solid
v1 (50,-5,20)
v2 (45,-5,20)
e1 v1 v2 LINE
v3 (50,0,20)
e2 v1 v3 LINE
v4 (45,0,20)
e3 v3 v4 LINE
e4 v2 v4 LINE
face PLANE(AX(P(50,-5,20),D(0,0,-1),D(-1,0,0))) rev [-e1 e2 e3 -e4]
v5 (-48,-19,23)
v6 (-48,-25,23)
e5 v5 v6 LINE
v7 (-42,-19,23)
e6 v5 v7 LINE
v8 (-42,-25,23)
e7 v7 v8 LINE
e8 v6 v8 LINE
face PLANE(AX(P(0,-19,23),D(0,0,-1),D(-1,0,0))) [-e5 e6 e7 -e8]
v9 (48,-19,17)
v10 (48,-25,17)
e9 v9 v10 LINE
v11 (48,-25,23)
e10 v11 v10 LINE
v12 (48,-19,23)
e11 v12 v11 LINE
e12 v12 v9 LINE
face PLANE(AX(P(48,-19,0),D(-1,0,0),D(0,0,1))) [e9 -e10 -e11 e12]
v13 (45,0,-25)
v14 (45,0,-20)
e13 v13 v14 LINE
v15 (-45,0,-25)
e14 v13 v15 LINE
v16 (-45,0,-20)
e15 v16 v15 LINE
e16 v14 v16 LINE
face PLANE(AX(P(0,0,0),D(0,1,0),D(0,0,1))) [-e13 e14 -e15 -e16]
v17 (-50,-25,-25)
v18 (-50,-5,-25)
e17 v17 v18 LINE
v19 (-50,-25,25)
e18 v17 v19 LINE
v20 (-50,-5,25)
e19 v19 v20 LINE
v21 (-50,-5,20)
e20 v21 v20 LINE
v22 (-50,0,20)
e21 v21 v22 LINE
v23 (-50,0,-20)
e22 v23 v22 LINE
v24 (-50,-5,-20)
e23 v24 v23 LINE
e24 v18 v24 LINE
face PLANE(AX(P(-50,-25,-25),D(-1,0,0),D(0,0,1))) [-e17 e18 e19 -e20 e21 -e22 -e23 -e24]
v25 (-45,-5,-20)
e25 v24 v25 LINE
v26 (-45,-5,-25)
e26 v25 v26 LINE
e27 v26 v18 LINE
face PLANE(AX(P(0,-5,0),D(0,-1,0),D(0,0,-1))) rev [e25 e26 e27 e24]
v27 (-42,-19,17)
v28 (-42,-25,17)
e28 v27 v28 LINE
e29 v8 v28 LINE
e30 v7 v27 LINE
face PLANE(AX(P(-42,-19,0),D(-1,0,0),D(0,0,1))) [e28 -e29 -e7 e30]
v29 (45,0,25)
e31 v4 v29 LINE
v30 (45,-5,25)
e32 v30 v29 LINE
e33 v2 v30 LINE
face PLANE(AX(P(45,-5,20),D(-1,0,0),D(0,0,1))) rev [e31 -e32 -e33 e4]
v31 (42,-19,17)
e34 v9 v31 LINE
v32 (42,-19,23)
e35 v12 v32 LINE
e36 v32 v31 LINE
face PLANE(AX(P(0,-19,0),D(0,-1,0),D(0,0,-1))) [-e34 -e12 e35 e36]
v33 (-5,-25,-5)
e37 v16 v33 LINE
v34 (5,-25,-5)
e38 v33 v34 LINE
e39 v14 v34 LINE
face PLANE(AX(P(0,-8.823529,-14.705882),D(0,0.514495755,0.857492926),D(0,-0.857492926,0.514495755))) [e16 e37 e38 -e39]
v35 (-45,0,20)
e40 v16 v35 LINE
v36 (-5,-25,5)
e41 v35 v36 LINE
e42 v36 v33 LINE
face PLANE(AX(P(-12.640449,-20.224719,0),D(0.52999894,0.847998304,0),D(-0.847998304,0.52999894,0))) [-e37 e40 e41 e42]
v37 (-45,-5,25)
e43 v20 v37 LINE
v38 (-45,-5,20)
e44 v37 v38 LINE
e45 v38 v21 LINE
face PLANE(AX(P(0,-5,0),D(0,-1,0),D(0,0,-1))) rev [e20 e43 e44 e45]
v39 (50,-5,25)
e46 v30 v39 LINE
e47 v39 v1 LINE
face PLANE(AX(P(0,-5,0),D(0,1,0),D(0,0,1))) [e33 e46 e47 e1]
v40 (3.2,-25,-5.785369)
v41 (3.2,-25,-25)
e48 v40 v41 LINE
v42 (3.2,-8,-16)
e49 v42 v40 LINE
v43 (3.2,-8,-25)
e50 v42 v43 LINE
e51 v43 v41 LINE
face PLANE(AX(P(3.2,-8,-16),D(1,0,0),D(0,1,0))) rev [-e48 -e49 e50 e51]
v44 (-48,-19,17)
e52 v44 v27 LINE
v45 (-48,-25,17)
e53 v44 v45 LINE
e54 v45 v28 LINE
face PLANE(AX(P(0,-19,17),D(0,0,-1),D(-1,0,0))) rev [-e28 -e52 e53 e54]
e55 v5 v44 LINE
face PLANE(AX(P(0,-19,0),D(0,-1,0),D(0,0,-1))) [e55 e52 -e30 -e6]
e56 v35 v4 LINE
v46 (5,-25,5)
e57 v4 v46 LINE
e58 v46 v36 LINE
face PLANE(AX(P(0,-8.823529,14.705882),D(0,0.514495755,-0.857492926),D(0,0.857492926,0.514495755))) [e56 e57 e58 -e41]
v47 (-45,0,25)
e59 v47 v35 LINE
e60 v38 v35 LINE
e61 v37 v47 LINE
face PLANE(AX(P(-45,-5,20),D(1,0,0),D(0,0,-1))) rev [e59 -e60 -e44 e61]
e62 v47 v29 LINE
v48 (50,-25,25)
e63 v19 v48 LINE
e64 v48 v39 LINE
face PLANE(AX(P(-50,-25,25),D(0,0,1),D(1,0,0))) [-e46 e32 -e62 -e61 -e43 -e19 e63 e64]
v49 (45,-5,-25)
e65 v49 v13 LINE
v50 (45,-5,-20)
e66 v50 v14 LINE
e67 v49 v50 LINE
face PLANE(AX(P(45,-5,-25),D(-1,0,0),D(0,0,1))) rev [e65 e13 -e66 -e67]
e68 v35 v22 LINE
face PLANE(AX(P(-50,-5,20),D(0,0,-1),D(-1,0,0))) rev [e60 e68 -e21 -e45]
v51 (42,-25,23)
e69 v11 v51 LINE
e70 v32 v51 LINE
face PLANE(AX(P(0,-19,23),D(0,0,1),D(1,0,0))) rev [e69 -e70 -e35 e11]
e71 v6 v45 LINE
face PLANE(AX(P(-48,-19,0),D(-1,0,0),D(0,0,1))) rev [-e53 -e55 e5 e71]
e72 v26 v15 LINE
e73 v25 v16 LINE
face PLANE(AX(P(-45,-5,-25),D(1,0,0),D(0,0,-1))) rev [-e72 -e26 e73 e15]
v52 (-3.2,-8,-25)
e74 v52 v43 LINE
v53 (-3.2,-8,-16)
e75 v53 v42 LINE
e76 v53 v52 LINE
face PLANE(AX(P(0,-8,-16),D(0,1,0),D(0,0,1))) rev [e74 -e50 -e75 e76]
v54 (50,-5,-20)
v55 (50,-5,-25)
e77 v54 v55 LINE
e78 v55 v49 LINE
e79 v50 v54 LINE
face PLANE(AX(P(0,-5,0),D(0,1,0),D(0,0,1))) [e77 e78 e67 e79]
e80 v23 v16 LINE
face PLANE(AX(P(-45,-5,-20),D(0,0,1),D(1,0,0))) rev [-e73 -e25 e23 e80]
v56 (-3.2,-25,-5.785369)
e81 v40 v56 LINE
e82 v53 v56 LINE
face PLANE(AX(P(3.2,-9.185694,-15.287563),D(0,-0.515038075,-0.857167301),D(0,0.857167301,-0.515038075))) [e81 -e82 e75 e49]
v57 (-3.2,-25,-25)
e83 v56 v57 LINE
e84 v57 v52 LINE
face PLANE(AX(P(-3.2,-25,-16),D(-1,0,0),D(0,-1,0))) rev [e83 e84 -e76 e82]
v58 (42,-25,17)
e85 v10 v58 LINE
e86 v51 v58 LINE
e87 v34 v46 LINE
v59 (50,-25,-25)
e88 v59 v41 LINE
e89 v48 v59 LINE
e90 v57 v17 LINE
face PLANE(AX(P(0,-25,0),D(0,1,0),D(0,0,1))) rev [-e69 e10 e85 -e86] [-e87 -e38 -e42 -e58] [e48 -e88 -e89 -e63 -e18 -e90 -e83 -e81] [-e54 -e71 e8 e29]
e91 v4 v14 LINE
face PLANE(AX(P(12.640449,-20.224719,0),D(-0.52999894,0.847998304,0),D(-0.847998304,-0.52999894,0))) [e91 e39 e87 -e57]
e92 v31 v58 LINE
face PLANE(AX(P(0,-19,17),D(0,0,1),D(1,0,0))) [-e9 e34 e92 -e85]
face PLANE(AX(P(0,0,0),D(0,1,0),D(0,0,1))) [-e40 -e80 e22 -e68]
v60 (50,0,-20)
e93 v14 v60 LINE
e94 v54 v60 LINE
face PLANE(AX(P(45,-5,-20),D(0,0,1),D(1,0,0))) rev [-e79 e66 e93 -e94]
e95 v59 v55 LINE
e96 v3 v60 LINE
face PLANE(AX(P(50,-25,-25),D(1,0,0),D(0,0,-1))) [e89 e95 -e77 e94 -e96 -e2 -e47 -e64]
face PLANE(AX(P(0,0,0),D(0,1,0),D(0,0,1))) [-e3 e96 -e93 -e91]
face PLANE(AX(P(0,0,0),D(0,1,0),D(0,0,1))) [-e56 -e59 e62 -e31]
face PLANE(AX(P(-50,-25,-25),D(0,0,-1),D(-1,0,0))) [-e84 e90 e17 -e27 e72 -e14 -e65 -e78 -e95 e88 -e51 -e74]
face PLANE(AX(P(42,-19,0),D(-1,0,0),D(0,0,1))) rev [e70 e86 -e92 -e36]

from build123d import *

# Parameters (mm, degrees)
SKETCH2_W           = 100
SKETCH2_H           = 50
BOSS_EXTRUDE1_DEPTH = 25
CUT_EXTRUDE1_DEPTH  = 9
CUT_EXTRUDE2_DEPTH  = 6.4
SKETCH8_W           = 6
SKETCH8_H           = 6
CUT_EXTRUDE3_DEPTH  = 6
SKETCH9_W           = 5
SKETCH9_H           = 5
CUT_EXTRUDE4_DEPTH  = 5


with BuildPart() as part:
    # Sketch2 → Boss-Extrude1 (new body)
    with BuildSketch(Plane(origin=(0, 0, 0), x_dir=(1, 0, 0), z_dir=(0, 1, 0))):
        Rectangle(SKETCH2_W, SKETCH2_H)
    extrude(amount=-BOSS_EXTRUDE1_DEPTH)

    # Sketch3 → Cut-Loft4 section 0
    with BuildSketch(Plane(origin=(0, 0, 0), x_dir=(1, 0, 0), z_dir=(0, 1, 0))):
        with BuildLine():
            Line((-45, 20), (45, 20))
            Line((45, 20), (45, -20))
            Line((45, -20), (-45, -20))
            Line((-45, -20), (-45, 20))
        make_face()
    # Sketch4 → Cut-Loft4 section 1
    with BuildSketch(Plane.XZ.offset(25)):
        with BuildLine():
            Line((-5, 5), (5, 5))
            Line((5, 5), (5, -5))
            Line((5, -5), (-5, -5))
            Line((-5, -5), (-5, 5))
        make_face()
    loft(mode=Mode.SUBTRACT)

    # Sketch5 → Cut-Extrude1 (cut)
    with BuildSketch(Plane(origin=(0, 0, -25), x_dir=(-1, 0, 0), z_dir=(0, 0, -1))):
        Polygon((0, -8), (3.2, -8), (3.2, -25), (-3.2, -25), (-3.2, -8), align=None)
    extrude(amount=-CUT_EXTRUDE1_DEPTH, mode=Mode.SUBTRACT)

    # Sketch6 → Cut-Extrude2 (cut)
    with BuildSketch(Plane(origin=(-3.2, 0, 0), x_dir=(0, 0, -1), z_dir=(1, 0, 0))):
        Polygon((16, -25), (5.785369477, -25), (16, -8), align=None)
    extrude(amount=CUT_EXTRUDE2_DEPTH, mode=Mode.SUBTRACT)

    # Sketch8 → Cut-Extrude3 (cut)
    with BuildSketch(Plane.XZ.offset(25)):
        with Locations((-45, 20)):
            Rectangle(SKETCH8_W, SKETCH8_H)
        with Locations((45, 20)):
            Rectangle(SKETCH8_W, SKETCH8_H)
    extrude(amount=-CUT_EXTRUDE3_DEPTH, mode=Mode.SUBTRACT)

    # Sketch9 → Cut-Extrude4 (cut)
    with BuildSketch(Plane(origin=(0, 0, 0), x_dir=(1, 0, 0), z_dir=(0, 1, 0))):
        with Locations((47.5, -22.5)):
            Rectangle(SKETCH9_W, SKETCH9_H)
        with Locations((-47.5, -22.5)):
            Rectangle(SKETCH9_W, SKETCH9_H)
        with Locations((-47.5, 22.5)):
            Rectangle(SKETCH9_W, SKETCH9_H)
        with Locations((47.5, 22.5)):
            Rectangle(SKETCH9_W, SKETCH9_H)
    extrude(amount=-CUT_EXTRUDE4_DEPTH, mode=Mode.SUBTRACT)


solid = part.part
